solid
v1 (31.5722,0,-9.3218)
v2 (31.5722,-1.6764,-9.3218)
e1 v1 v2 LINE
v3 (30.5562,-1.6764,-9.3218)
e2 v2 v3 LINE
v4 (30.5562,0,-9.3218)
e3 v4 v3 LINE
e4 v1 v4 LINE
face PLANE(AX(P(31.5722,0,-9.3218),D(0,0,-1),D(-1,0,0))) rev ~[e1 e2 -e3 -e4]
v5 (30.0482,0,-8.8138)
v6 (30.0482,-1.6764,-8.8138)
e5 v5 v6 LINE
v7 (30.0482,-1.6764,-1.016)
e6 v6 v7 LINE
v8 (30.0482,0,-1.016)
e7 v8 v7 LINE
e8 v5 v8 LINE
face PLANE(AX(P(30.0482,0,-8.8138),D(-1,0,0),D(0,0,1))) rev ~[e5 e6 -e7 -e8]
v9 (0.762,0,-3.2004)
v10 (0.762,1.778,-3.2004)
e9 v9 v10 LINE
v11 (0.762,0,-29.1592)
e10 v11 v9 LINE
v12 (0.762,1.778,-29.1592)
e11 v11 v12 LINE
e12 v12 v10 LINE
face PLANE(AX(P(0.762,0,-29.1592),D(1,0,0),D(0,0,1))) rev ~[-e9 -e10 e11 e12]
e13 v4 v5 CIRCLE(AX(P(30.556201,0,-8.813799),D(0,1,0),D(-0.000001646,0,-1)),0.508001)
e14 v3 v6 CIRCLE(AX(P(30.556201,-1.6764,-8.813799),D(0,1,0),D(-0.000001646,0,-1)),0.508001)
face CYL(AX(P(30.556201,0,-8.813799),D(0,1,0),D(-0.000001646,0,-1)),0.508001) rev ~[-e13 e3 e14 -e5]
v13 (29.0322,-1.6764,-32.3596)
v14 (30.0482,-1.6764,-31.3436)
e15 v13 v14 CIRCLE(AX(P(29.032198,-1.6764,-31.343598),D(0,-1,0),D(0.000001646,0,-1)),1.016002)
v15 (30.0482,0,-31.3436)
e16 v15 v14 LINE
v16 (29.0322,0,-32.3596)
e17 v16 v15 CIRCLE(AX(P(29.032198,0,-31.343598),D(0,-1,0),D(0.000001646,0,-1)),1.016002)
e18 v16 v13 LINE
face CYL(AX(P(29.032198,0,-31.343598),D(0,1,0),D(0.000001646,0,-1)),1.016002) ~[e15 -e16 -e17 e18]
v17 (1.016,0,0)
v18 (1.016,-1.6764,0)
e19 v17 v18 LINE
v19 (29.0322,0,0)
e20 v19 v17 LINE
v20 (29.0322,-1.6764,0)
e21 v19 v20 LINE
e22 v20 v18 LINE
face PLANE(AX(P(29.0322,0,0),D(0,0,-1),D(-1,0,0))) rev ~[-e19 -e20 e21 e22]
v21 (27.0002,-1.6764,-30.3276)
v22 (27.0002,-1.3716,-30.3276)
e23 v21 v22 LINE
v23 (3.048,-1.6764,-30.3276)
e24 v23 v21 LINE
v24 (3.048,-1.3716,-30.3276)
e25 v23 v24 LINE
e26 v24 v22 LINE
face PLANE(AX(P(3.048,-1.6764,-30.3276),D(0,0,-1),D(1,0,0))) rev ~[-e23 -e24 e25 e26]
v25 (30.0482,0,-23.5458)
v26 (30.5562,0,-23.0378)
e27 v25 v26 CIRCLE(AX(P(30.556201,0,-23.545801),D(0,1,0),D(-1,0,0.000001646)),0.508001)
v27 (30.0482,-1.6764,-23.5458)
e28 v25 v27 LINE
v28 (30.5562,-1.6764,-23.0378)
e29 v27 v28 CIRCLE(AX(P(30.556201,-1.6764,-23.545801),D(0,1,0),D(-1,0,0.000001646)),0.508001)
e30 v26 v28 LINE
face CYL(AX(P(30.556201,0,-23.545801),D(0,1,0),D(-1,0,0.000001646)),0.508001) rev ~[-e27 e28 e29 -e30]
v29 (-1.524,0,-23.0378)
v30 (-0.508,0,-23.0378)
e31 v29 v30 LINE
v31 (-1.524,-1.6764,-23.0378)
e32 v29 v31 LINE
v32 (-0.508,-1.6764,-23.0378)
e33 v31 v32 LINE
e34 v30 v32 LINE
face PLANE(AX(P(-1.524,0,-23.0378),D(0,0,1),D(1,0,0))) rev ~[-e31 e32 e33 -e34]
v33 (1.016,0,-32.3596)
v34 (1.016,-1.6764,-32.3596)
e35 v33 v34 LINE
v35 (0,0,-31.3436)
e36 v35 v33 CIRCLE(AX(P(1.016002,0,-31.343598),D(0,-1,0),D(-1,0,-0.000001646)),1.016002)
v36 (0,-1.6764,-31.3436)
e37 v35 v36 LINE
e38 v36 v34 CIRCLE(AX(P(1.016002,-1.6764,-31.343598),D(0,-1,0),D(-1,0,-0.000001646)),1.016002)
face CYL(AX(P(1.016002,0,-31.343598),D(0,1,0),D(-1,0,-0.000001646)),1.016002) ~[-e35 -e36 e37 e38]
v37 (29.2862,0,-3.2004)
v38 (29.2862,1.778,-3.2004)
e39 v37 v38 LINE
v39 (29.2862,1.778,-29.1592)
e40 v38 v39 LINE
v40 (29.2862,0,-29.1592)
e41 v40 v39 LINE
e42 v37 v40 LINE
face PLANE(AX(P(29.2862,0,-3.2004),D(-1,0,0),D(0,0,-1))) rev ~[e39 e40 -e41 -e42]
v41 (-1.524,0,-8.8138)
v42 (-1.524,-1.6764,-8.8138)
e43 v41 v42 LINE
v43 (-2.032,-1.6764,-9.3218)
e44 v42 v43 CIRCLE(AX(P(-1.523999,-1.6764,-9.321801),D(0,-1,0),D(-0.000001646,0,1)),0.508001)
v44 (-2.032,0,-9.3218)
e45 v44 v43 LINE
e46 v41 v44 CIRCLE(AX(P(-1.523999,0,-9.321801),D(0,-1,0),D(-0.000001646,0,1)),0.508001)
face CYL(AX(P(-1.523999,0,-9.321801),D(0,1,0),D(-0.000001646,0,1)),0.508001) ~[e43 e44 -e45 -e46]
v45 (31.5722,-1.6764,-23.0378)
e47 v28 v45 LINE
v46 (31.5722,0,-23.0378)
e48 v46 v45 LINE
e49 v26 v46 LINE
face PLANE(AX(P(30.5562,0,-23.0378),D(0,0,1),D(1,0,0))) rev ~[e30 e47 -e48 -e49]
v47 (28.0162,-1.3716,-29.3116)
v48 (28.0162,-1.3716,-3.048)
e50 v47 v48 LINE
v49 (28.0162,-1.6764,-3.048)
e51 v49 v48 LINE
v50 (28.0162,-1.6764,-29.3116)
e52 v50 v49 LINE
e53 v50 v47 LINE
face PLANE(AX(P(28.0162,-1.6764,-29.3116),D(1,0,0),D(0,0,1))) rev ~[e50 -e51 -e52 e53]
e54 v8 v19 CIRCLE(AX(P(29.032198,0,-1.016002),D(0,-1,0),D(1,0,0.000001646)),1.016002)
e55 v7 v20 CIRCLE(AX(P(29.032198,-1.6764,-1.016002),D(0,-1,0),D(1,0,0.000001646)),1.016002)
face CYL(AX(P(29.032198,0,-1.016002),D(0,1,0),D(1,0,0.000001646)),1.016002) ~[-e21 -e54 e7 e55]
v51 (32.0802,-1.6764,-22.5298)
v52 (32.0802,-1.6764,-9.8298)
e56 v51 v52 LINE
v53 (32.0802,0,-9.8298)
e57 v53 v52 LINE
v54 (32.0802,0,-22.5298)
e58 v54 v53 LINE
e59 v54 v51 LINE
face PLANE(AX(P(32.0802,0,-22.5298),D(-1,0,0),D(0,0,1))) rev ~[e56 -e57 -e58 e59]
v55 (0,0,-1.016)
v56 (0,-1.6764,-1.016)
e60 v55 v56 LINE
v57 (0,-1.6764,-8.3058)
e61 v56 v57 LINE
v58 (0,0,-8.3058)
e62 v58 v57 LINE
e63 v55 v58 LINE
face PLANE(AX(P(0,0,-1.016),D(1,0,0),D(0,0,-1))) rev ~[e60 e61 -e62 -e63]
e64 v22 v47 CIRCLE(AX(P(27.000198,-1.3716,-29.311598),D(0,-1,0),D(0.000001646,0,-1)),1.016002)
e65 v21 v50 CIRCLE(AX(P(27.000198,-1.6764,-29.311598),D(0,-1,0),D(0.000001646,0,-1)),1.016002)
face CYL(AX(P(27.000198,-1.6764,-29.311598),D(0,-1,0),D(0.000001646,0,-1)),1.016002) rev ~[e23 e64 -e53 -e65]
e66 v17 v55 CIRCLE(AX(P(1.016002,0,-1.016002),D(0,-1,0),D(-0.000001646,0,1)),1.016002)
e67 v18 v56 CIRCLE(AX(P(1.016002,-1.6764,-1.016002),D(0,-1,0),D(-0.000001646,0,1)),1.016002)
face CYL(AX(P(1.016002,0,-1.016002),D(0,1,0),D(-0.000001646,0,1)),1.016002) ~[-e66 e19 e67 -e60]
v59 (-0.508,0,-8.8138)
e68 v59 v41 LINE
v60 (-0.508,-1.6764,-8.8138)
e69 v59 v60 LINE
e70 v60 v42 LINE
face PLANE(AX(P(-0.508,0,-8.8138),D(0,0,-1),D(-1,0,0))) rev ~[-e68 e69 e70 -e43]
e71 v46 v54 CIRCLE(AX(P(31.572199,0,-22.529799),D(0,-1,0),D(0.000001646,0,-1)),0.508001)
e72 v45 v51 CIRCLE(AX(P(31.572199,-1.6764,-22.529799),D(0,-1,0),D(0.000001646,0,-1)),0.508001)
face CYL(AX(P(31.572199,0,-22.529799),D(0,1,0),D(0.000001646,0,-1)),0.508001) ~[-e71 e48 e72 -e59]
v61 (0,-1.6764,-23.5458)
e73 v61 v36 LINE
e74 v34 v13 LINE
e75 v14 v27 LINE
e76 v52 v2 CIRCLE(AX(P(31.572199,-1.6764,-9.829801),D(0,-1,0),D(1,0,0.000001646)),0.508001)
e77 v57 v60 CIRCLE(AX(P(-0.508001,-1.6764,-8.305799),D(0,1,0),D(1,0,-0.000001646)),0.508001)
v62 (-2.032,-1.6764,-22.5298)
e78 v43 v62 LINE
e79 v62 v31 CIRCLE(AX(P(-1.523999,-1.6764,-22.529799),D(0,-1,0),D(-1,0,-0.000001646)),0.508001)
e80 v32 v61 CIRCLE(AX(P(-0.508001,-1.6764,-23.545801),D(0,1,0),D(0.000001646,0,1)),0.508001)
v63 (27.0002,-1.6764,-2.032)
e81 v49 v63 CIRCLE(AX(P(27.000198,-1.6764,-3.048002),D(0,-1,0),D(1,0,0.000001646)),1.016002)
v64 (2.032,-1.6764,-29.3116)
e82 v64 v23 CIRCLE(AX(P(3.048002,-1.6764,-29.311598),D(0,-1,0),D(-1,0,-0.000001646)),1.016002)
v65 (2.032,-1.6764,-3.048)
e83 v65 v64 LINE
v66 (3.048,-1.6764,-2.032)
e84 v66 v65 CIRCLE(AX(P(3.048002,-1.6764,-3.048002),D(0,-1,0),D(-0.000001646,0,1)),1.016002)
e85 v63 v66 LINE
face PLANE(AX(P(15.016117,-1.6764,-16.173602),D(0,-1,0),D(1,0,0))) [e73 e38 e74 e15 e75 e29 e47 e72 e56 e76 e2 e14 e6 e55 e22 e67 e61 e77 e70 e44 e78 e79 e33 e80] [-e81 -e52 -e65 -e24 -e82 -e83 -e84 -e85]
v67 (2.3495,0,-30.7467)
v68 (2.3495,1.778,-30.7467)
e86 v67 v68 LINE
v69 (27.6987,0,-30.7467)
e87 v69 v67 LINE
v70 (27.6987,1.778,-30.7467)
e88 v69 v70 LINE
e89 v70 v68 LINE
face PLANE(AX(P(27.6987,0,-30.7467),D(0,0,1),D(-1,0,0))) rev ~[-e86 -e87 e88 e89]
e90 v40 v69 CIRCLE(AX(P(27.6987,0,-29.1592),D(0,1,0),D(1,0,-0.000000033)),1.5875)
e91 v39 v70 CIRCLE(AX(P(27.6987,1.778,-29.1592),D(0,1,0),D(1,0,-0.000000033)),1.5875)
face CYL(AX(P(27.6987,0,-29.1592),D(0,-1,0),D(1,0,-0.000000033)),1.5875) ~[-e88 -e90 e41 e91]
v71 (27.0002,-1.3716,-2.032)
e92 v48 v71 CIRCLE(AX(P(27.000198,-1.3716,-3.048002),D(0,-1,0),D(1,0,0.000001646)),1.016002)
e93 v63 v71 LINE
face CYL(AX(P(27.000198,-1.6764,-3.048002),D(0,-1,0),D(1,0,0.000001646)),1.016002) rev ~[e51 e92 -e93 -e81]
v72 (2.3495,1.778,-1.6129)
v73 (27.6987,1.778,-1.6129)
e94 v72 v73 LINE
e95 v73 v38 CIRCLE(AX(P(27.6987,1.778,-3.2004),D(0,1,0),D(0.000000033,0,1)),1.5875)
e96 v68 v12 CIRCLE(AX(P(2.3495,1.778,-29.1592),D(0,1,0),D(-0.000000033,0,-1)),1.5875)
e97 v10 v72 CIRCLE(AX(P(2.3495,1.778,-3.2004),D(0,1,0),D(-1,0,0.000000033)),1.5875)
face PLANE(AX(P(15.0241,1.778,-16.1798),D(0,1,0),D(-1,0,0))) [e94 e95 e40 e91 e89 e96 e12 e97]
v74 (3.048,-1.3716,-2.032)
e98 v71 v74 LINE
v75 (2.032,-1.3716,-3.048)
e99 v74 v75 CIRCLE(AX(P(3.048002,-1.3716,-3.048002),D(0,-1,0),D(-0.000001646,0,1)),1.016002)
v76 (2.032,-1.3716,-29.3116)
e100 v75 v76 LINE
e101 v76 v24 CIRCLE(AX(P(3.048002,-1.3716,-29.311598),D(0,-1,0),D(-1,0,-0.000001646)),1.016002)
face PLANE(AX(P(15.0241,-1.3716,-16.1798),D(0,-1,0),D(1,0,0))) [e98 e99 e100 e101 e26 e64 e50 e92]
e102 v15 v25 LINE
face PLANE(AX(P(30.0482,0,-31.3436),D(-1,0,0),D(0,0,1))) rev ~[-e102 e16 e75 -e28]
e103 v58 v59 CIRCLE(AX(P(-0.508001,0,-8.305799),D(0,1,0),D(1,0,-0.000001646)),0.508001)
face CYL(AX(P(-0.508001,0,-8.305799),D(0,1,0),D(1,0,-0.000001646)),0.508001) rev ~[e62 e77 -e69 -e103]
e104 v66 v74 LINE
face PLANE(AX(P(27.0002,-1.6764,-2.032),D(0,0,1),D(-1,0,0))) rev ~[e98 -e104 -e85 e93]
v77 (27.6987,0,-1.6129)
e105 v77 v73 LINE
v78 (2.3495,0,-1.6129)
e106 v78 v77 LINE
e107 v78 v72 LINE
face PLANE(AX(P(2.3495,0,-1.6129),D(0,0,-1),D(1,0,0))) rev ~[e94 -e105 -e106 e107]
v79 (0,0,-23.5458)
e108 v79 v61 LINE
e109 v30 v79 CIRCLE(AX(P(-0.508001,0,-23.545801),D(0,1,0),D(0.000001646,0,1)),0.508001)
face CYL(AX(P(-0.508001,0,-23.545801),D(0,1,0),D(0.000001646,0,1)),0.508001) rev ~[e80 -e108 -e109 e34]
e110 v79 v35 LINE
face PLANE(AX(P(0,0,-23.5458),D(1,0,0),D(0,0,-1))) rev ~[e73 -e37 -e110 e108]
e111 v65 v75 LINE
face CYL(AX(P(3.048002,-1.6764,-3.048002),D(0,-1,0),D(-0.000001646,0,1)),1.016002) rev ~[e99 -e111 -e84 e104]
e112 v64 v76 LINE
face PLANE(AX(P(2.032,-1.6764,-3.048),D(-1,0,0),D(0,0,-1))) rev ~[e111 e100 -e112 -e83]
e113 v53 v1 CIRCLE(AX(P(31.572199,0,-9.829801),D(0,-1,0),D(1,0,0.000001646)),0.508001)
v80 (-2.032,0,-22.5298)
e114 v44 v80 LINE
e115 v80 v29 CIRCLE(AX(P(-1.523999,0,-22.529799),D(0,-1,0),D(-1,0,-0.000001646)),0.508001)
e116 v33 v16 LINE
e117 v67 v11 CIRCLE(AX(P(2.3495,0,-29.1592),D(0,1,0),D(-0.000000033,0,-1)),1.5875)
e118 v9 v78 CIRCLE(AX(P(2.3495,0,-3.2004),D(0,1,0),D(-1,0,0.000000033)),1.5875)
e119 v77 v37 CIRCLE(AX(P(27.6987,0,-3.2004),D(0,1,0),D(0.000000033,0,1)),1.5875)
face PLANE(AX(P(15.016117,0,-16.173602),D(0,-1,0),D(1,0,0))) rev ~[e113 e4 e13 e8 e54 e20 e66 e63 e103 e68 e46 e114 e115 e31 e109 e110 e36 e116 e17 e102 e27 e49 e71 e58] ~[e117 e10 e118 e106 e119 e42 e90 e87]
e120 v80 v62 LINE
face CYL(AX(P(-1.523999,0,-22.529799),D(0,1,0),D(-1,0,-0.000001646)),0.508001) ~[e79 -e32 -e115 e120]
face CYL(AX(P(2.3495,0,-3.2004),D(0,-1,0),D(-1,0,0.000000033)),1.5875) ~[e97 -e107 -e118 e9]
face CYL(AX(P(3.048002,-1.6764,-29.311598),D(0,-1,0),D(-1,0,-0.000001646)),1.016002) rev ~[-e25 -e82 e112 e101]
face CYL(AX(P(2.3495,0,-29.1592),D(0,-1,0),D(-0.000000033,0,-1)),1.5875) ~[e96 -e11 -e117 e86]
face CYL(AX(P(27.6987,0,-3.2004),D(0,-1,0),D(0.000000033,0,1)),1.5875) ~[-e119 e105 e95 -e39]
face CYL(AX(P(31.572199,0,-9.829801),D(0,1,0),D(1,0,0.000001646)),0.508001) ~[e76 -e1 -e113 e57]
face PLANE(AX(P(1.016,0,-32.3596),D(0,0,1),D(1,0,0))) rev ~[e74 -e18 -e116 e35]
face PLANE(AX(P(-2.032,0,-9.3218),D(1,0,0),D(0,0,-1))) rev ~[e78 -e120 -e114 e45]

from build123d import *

# Parameters (mm, degrees)
F1_DEPTH = 1.6764
F3_DEPTH = 0.3048
F5_DEPTH = 1.778


with BuildPart() as f1:
    # F0 (on Front) → F1 (new body)
    with BuildSketch(Plane.XZ):
        with BuildLine():
            Line((29.0322, 0), (1.016, 0))
            ThreePointArc((1.016, 0), (0.29758, -0.29758), (0, -1.016))
            Line((0, -1.016), (0, -8.3058))
            ThreePointArc((0, -8.3058), (-0.14879, -8.66501), (-0.508, -8.8138))
            Line((-0.508, -8.8138), (-1.524, -8.8138))
            ThreePointArc((-1.524, -8.8138), (-1.88321, -8.96259), (-2.032, -9.3218))
            Line((-2.032, -9.3218), (-2.032, -22.5298))
            ThreePointArc((-2.032, -22.5298), (-1.88321, -22.88901), (-1.524, -23.0378))
            Line((-1.524, -23.0378), (-0.508, -23.0378))
            ThreePointArc((-0.508, -23.0378), (-0.14879, -23.18659), (0, -23.5458))
            Line((0, -23.5458), (0, -31.3436))
            ThreePointArc((0, -31.3436), (0.29758, -32.06202), (1.016, -32.3596))
            Line((1.016, -32.3596), (29.0322, -32.3596))
            ThreePointArc((29.0322, -32.3596), (29.75062, -32.06202), (30.0482, -31.3436))
            Line((30.0482, -31.3436), (30.0482, -23.5458))
            ThreePointArc((30.0482, -23.5458), (30.19699, -23.18659), (30.5562, -23.0378))
            Line((30.5562, -23.0378), (31.5722, -23.0378))
            ThreePointArc((31.5722, -23.0378), (31.93141, -22.88901), (32.0802, -22.5298))
            Line((32.0802, -22.5298), (32.0802, -9.8298))
            ThreePointArc((32.0802, -9.8298), (31.93141, -9.47059), (31.5722, -9.3218))
            Line((31.5722, -9.3218), (30.5562, -9.3218))
            ThreePointArc((30.5562, -9.3218), (30.19699, -9.17301), (30.0482, -8.8138))
            Line((30.0482, -8.8138), (30.0482, -1.016))
            ThreePointArc((30.0482, -1.016), (29.75062, -0.29758), (29.0322, 0))
        make_face()
    extrude(amount=F1_DEPTH)

    # F2 (on face) → F3 (cut)
    with BuildSketch(Plane.XZ.offset(1.6764)):
        with BuildLine():
            Line((27.0002, -2.032), (3.048, -2.032))
            ThreePointArc((3.048, -2.032), (2.32958, -2.32958), (2.032, -3.048))
            Line((2.032, -3.048), (2.032, -29.3116))
            ThreePointArc((2.032, -29.3116), (2.32958, -30.03002), (3.048, -30.3276))
            Line((3.048, -30.3276), (27.0002, -30.3276))
            ThreePointArc((27.0002, -30.3276), (27.71862, -30.03002), (28.0162, -29.3116))
            Line((28.0162, -29.3116), (28.0162, -3.048))
            ThreePointArc((28.0162, -3.048), (27.71862, -2.32958), (27.0002, -2.032))
        make_face()
    extrude(amount=-F3_DEPTH, mode=Mode.SUBTRACT)

    # F4 (on face) → F5 (join)
    with BuildSketch(Plane(origin=(0, 0, 0), x_dir=(-1, 0, 0), z_dir=(0, 1, 0))):
        with BuildLine():
            Line((-2.3495, -1.6129), (-27.6987, -1.6129))
            ThreePointArc((-27.6987, -1.6129), (-28.821232, -2.077868), (-29.2862, -3.2004))
            Line((-29.2862, -3.2004), (-29.2862, -29.1592))
            ThreePointArc((-29.2862, -29.1592), (-28.821232, -30.281732), (-27.6987, -30.7467))
            Line((-27.6987, -30.7467), (-2.3495, -30.7467))
            ThreePointArc((-2.3495, -30.7467), (-1.226968, -30.281732), (-0.762, -29.1592))
            Line((-0.762, -29.1592), (-0.762, -3.2004))
            ThreePointArc((-0.762, -3.2004), (-1.226968, -2.077868), (-2.3495, -1.6129))
        make_face()
    extrude(amount=F5_DEPTH)


solid = f1.part
